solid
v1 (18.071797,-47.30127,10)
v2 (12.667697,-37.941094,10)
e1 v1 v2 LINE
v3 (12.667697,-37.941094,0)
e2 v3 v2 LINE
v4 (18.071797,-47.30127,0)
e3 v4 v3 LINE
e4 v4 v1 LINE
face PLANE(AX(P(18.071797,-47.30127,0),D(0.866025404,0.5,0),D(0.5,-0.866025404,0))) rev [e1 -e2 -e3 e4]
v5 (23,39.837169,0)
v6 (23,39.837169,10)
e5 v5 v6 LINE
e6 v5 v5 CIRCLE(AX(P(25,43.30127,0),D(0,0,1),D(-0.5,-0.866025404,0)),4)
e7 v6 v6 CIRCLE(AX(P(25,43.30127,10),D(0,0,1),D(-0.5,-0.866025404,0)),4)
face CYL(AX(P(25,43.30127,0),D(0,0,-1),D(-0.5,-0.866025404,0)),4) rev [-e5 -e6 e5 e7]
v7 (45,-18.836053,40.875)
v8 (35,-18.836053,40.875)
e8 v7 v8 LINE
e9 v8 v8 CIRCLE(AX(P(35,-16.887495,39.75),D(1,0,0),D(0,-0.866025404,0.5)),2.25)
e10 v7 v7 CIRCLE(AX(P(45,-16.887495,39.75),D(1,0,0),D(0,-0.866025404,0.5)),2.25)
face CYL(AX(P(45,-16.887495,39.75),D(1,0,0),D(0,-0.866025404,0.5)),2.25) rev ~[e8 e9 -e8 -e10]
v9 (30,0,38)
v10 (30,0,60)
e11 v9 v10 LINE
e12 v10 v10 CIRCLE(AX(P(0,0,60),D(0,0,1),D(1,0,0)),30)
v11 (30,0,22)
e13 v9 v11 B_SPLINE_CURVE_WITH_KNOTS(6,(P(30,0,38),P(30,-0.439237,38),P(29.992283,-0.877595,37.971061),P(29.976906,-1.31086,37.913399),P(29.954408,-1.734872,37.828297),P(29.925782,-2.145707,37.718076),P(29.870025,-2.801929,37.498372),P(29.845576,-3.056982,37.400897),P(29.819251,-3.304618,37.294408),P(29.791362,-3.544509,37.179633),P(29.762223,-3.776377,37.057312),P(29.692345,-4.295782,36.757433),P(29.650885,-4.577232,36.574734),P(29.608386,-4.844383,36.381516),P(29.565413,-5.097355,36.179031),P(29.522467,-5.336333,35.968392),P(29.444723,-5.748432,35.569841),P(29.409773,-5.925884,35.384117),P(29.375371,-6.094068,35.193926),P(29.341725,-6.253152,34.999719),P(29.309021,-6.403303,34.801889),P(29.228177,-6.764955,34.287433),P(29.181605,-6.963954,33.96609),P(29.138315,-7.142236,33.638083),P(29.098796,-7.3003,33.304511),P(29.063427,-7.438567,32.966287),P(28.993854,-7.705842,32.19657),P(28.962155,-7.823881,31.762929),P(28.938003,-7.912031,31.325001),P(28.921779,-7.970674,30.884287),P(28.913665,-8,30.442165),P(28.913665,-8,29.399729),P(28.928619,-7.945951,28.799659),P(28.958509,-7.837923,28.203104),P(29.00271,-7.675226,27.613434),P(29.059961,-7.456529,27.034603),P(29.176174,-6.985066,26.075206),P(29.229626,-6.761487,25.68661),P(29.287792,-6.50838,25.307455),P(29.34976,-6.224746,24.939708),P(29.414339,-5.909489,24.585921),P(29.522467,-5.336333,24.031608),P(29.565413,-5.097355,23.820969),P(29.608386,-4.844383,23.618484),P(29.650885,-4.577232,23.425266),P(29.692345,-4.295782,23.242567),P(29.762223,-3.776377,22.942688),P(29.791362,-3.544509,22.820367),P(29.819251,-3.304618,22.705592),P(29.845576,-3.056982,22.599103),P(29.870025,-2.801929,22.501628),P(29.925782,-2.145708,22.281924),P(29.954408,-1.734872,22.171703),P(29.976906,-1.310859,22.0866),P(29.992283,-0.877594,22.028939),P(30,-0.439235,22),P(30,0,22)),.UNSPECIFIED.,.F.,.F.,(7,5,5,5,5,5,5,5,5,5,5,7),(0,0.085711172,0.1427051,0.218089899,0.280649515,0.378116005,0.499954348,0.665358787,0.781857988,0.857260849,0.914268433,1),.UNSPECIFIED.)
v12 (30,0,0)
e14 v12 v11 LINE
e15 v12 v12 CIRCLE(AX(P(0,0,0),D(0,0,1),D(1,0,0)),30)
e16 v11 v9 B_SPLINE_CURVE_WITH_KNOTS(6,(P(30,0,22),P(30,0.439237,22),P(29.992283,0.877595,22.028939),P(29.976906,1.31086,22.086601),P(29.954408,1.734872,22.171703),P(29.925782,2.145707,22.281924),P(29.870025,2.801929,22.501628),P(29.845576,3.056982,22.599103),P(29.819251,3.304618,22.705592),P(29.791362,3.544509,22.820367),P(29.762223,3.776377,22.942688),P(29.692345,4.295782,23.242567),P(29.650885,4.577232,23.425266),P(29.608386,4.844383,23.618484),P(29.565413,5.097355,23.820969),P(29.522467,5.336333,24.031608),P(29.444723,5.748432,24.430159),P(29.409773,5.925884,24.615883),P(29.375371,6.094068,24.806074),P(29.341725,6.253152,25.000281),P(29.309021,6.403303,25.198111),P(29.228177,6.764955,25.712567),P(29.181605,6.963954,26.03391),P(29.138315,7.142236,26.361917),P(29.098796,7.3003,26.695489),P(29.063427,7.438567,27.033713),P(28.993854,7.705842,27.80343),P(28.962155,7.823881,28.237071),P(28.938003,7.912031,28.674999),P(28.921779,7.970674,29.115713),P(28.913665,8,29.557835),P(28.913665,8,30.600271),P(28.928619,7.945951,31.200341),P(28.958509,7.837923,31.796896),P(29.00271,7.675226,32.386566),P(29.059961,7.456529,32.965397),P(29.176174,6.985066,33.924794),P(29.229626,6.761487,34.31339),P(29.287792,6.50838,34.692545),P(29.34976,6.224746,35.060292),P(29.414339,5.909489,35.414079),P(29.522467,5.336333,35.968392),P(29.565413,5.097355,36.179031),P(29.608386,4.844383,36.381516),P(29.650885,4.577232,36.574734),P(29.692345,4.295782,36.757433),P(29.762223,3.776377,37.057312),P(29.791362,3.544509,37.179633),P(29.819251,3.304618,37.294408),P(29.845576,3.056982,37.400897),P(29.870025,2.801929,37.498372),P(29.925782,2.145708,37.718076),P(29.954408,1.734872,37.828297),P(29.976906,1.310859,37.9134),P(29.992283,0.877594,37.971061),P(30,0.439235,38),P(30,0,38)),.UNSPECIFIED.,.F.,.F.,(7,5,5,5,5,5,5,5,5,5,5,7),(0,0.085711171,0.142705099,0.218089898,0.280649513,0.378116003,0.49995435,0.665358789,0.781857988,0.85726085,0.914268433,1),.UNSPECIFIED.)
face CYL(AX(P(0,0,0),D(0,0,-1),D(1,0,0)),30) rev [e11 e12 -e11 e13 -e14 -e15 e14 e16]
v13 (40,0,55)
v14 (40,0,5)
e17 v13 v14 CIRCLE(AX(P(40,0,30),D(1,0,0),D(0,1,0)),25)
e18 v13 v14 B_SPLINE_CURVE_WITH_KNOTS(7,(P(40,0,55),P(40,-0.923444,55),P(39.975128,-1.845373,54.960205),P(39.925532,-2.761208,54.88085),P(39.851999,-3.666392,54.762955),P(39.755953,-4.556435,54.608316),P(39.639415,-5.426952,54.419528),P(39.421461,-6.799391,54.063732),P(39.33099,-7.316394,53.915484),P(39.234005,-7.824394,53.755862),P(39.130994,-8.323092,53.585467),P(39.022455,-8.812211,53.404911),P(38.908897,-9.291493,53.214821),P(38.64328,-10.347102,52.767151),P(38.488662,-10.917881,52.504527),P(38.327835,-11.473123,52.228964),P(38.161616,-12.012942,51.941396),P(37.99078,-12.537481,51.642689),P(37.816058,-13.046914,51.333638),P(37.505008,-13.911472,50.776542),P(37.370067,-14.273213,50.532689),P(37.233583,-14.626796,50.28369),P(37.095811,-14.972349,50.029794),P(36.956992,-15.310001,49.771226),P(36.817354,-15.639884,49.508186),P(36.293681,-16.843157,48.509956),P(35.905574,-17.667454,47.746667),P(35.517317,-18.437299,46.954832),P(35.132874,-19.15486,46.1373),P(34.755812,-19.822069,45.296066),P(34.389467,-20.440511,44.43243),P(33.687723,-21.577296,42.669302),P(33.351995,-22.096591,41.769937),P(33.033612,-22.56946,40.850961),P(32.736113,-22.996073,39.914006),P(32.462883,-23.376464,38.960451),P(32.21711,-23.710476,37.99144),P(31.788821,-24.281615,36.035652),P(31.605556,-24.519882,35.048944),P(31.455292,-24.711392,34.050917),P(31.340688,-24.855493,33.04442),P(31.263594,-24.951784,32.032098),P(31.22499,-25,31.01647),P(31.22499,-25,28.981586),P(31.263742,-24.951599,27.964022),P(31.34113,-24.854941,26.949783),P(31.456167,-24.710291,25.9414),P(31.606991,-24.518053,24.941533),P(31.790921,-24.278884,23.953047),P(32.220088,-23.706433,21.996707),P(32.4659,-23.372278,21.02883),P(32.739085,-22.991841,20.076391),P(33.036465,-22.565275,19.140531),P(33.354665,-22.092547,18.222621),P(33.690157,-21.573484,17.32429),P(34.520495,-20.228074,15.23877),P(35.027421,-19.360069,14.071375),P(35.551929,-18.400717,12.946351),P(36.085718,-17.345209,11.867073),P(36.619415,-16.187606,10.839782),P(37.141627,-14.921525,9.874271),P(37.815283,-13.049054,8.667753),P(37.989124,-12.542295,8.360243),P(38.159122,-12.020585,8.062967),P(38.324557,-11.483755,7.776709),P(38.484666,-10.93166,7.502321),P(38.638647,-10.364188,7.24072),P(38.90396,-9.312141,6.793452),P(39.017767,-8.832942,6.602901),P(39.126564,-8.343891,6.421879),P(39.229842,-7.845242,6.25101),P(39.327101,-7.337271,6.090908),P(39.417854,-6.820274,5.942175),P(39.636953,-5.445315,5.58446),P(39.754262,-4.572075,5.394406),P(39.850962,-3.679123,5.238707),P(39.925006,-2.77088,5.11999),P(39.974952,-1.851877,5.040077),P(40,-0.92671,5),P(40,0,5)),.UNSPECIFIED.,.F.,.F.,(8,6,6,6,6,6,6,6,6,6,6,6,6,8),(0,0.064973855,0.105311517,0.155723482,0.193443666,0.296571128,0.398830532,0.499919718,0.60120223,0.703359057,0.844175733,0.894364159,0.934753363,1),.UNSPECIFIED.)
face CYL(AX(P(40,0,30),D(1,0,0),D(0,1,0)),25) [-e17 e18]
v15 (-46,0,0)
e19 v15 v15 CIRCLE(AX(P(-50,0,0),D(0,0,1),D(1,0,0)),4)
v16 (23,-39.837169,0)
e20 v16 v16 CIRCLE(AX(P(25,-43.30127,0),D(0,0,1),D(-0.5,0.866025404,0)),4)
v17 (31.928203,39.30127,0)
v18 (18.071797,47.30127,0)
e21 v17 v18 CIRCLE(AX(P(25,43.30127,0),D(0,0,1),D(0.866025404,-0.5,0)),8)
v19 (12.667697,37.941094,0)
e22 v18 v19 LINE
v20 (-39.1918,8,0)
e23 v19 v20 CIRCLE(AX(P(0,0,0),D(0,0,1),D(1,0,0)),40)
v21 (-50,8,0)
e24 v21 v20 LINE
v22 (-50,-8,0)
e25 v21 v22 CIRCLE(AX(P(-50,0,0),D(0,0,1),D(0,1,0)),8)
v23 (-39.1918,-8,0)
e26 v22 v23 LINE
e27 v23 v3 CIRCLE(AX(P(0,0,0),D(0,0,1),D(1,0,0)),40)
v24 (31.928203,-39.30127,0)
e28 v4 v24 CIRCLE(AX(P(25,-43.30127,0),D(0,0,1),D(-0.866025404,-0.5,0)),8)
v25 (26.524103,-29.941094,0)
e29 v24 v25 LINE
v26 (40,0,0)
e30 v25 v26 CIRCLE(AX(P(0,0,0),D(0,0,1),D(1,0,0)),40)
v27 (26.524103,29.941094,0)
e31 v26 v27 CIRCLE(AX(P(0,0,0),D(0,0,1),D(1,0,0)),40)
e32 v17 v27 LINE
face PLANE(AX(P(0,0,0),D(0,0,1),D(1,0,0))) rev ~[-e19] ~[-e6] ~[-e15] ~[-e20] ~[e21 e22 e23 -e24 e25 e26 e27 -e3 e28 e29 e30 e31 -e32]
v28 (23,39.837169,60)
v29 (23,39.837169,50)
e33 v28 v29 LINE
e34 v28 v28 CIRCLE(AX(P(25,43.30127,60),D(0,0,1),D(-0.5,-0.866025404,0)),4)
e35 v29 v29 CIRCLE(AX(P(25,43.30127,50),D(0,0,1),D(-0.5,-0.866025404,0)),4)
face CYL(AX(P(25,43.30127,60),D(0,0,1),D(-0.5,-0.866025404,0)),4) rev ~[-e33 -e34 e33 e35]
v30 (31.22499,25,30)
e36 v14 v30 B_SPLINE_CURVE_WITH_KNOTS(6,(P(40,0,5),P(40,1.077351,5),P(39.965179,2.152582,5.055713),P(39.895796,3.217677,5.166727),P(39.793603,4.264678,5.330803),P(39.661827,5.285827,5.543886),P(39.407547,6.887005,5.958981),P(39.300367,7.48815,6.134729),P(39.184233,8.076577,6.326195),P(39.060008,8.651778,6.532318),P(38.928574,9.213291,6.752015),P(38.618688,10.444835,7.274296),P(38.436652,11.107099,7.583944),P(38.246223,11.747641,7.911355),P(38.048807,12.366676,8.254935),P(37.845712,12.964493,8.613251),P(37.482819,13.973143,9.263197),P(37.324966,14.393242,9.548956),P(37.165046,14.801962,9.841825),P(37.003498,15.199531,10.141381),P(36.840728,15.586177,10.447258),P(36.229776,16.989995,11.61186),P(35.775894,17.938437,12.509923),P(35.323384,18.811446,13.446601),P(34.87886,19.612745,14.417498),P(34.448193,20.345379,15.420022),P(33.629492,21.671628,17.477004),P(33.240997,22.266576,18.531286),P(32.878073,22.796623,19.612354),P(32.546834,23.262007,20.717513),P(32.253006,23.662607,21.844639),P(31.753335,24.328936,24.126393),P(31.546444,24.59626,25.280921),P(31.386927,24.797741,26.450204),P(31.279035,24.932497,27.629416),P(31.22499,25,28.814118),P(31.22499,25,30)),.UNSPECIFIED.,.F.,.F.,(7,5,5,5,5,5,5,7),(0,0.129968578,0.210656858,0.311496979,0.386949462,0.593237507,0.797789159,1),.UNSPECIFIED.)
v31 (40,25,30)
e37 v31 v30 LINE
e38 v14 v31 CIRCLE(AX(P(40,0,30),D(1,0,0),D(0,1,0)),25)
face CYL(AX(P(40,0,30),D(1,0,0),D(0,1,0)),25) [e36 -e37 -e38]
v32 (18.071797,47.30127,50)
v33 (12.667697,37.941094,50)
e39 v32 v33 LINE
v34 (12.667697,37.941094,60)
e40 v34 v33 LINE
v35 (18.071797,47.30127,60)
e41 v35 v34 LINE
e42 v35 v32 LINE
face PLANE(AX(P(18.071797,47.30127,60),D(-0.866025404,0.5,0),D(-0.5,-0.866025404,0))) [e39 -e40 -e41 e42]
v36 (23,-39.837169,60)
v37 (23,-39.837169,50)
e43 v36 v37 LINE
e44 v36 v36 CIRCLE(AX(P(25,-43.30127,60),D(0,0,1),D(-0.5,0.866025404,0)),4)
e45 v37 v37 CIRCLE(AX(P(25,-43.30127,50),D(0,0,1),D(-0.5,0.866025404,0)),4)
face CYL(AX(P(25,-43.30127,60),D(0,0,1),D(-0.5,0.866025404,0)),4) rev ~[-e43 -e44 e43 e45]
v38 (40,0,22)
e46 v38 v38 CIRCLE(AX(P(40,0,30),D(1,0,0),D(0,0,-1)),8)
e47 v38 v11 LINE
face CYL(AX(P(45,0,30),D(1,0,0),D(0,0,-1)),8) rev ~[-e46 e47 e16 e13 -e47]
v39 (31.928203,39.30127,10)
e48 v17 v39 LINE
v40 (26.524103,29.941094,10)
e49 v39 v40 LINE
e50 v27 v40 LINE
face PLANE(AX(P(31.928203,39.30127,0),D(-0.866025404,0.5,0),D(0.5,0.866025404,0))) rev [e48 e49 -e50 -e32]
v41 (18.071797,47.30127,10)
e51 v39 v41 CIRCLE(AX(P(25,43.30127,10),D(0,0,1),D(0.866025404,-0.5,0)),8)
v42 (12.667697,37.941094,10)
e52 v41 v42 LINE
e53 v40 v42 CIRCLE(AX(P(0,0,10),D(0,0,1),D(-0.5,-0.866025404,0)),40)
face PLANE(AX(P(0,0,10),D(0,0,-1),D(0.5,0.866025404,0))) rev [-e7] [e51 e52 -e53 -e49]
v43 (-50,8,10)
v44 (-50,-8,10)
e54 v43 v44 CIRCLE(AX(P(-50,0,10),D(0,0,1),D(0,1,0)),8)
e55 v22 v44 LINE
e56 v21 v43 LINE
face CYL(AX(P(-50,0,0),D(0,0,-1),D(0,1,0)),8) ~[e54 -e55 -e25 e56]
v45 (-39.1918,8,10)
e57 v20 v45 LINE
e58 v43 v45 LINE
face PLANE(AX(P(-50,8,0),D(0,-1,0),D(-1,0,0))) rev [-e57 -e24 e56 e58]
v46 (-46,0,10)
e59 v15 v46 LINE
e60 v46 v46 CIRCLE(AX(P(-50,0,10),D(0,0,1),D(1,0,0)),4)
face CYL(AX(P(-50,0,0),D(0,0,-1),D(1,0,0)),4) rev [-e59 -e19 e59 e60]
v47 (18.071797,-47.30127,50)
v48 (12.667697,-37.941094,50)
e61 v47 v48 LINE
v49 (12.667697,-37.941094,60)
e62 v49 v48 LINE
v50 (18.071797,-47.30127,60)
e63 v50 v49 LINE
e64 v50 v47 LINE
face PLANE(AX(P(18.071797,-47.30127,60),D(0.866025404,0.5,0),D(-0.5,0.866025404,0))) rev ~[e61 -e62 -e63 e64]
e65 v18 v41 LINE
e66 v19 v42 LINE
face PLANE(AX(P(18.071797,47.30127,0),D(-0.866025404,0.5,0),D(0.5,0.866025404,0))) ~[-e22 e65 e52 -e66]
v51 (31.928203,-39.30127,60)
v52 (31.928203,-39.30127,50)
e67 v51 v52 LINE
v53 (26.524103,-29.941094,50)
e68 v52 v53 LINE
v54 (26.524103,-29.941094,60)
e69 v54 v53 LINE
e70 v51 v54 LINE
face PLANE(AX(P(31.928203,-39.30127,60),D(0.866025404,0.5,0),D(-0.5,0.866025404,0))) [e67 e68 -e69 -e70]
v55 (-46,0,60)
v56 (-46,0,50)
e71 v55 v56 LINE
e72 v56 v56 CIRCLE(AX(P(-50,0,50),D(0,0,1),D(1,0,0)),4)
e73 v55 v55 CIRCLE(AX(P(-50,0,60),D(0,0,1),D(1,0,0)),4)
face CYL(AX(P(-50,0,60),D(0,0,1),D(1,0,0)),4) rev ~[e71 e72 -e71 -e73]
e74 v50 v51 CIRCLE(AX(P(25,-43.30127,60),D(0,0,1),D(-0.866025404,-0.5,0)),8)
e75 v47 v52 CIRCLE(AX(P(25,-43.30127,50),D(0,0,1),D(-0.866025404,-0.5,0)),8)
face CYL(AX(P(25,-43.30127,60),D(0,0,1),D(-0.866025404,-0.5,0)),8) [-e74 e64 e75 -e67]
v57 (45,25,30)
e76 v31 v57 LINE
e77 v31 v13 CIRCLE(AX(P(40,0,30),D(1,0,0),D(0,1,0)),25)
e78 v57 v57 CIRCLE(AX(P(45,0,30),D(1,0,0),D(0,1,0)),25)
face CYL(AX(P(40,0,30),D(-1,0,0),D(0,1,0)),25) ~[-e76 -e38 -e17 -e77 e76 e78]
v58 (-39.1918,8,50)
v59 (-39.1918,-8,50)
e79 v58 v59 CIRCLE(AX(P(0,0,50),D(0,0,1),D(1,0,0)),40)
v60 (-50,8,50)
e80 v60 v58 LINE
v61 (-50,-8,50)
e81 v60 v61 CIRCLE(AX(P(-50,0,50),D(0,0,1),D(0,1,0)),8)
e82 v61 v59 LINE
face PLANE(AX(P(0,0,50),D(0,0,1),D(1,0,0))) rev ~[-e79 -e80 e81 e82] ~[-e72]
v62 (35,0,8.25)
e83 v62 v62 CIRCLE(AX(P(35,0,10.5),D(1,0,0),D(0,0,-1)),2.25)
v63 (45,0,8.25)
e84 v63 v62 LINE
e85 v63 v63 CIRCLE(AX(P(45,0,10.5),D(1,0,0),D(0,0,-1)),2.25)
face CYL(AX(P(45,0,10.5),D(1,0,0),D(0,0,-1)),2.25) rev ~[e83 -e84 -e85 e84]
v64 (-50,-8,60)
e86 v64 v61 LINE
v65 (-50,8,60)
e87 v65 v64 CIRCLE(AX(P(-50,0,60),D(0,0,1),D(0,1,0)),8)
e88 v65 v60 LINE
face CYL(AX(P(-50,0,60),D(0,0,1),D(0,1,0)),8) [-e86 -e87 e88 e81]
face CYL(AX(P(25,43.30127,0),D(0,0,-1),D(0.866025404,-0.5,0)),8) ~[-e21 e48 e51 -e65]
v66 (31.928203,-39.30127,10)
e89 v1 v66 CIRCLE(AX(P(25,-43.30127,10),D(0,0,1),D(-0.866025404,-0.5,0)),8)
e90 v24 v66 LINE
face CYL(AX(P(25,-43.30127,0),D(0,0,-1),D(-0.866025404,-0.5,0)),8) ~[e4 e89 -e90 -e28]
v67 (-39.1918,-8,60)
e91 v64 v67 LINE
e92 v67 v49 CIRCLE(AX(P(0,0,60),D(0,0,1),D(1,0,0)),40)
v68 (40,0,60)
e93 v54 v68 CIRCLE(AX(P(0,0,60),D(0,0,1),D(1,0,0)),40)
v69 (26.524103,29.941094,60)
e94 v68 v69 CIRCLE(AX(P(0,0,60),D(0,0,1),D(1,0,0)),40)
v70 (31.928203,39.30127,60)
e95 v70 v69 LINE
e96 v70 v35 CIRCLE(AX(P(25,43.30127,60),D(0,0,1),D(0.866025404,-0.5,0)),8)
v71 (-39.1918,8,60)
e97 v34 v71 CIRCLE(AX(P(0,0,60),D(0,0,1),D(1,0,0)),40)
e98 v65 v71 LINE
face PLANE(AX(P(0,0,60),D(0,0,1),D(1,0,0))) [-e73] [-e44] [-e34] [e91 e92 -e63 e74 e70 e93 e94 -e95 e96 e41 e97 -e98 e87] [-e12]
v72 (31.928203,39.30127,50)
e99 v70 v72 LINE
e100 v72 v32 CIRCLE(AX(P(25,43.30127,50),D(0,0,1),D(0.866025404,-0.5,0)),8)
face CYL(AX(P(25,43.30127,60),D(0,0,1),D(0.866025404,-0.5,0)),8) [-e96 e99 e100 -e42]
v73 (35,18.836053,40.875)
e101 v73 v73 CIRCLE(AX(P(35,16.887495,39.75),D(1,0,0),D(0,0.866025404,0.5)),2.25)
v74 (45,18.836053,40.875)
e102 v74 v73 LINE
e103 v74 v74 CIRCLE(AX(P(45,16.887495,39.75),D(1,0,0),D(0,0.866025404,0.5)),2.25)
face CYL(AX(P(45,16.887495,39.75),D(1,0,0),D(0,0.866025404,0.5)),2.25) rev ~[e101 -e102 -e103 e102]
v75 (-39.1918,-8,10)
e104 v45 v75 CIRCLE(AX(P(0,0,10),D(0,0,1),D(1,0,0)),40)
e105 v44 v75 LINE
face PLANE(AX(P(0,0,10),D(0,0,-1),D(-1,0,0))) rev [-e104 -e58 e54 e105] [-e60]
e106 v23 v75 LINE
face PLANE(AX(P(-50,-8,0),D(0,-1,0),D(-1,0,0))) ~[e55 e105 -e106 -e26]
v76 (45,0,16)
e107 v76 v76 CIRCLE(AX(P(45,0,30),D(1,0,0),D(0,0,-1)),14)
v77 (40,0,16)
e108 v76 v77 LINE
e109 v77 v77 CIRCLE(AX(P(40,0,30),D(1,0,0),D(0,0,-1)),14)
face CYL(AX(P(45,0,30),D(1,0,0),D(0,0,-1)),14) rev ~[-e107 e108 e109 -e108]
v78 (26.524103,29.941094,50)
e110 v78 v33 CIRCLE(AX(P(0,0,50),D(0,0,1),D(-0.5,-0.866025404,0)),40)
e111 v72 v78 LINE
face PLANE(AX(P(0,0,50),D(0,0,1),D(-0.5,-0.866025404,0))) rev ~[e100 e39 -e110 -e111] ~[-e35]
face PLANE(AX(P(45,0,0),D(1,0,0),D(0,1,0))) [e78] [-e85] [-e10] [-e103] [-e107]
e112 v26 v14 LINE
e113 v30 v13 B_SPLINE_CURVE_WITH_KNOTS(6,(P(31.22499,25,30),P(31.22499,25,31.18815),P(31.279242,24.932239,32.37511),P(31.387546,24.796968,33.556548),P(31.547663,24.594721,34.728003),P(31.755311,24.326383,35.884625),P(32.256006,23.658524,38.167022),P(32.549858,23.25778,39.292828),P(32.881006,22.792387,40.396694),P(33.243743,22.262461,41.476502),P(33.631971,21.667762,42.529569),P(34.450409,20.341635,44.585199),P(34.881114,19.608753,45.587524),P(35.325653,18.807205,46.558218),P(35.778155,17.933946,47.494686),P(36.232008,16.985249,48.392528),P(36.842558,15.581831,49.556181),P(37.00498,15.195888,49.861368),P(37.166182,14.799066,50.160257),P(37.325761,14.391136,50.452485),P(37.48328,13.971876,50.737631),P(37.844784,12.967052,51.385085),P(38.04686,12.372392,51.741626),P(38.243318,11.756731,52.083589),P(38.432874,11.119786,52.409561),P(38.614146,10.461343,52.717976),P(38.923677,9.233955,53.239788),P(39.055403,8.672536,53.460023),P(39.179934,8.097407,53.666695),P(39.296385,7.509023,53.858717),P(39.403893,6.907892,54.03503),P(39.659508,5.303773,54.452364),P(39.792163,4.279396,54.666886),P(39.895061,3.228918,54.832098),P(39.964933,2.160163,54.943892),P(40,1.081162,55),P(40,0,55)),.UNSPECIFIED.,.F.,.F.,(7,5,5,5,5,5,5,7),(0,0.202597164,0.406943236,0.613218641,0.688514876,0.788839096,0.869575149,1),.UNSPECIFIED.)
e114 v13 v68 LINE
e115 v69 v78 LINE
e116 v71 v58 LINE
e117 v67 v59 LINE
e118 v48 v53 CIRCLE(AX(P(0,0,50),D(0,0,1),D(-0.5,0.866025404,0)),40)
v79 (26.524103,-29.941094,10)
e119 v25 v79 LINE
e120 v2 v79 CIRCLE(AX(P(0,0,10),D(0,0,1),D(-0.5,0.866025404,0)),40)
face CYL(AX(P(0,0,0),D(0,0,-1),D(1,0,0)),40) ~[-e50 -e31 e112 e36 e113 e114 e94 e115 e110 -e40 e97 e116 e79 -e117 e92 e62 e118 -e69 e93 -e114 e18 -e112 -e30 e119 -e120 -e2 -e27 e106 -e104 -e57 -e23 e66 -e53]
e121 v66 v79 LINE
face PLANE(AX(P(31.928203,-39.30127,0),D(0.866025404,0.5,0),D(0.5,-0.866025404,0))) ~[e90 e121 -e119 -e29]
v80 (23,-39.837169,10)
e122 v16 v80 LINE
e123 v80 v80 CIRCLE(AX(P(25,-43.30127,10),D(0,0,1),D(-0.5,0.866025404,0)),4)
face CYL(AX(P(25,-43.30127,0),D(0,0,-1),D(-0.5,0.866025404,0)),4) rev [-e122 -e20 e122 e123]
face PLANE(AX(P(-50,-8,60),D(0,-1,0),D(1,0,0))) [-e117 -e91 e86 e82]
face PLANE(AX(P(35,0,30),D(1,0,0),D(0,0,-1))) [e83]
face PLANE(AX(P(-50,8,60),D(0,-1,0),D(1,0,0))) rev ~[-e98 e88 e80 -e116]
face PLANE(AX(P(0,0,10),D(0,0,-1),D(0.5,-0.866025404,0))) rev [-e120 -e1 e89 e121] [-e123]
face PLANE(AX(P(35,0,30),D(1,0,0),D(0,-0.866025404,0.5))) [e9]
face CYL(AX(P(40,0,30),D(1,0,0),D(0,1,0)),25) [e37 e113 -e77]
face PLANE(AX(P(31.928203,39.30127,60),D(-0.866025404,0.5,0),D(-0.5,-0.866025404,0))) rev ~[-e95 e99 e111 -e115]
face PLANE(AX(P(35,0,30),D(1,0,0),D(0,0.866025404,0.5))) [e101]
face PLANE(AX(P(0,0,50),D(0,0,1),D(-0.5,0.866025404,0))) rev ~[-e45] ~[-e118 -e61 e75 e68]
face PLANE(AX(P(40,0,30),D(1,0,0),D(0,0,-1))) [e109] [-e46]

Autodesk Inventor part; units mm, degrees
ref_plane "XZ Plane" through (0, 0, 0) normal (0, 1, 0) x (-1, 0, 0)
sketch "Esboço1" plane through (0, 0, 0) normal (0, 0, 1) x (1, 0, 0)
  circle A0 centre (0, 0) radius 30
  circle A1 centre (0, 0) radius 40
  dimension "d0" = 60
  dimension "d1" = 80
extrude "Extrusão1" add sketch "Esboço1" along normal blind 60
sketch "Esboço2" plane through (0, 0, 60) normal (0, 0, 1) x (1, 0, 0)
  circle A0 centre (-50, 0) radius 4
  arc A1 (-50, 8) -> (-50, -8) centre (-50, 0) ccw
  line L0 (-50, 8) -> (-39.1918, 8)
  circle A2 centre (0, 0) radius 40 projected
  line L1 (-50, -8) -> (-39.1918, -8)
  arc A3 (-39.1918, 8) -> (-39.1918, -8) centre (0, 0) ccw
  dimension "d4" = 8
  dimension "d5" = 16
  dimension "d6" = 50
extrude "Extrusão2" add sketch "Esboço2" against normal blind 10 contours L0 A2 L1 A1
pattern_circular "Padrão circular1" count 3 over 360 about axis through (0, 0, 0) along (0, 0, 1) of "Extrusão2"
ref_plane "Plano de trabalho1" through (0, 0, 30) normal (0, 0, 1) x (1, 0, 0)
mirror "Espelhamento1" about plane through (0, 0, 30) normal (0, 0, 1) of "Extrusão2", "Padrão circular1", "Extrusão1"
ref_plane "Plano de trabalho2" through (40, 0, 0) normal (1, 0, 0) x (0, 1, 0)
sketch "Esboço3" plane through (40, 0, 0) normal (1, 0, 0) x (0, 1, 0)
  line L0 (0, 0) -> (0, 60) construction
  line L1 (-4, 60) -> (4, 60) construction
  circle A0 centre (0, 30) radius 25
  dimension "d14" = 50
extrude "Extrusão3" add sketch "Esboço3" along normal blind 5 and the other way blind 10
sketch "Esboço4" plane through (45, 0, 30) normal (1, 0, 0) x (0, 0, -1)
  circle A0 centre (0, 0) radius 8
  point P0 (30, 0)
  dimension "d19" = 16
extrude "Extrusão4" cut sketch "Esboço4" against normal up to next
sketch "Esboço5" plane through (45, 0, 30) normal (1, 0, 0) x (0, 0, -1)
  circle A0 centre (0, 0) radius 14
  circle A1 centre (0, 0) radius 8
  point P0 (30, 0)
  dimension "d22" = 28
  dimension "d23" = 16
extrude "Extrusão5" cut sketch "Esboço5" against normal blind 5
sketch "Esboço6" plane through (45, 0, 30) normal (1, 0, 0) x (0, 0, -1)
  circle A0 centre (0, 0) radius 14 construction
  line L0 (14, 0) -> (25, 0) construction
  circle A1 centre (0, 0) radius 25 construction
  circle A2 centre (19.5, 0) radius 2.25
  point P0 (30, 0)
  dimension "d26" = 4.5
extrude "Extrusão6" cut sketch "Esboço6" against normal blind 10
pattern_circular "Padrão circular2" count 3 over 360 about axis through (45, 0, 30) along (-1, 0, 0) of "Extrusão6"
thread "Rosca1" size "M4.5x0.5" class "6H" standard "ANSI Metric M Profile" length 3
thread "Rosca2" size "M4.5x0.5" class "6H" standard "ANSI Metric M Profile" length 3
thread "Rosca3" size "M4.5x0.5" class "6H" standard "ANSI Metric M Profile" length 3
properties part number "Corpo da Valvula"
